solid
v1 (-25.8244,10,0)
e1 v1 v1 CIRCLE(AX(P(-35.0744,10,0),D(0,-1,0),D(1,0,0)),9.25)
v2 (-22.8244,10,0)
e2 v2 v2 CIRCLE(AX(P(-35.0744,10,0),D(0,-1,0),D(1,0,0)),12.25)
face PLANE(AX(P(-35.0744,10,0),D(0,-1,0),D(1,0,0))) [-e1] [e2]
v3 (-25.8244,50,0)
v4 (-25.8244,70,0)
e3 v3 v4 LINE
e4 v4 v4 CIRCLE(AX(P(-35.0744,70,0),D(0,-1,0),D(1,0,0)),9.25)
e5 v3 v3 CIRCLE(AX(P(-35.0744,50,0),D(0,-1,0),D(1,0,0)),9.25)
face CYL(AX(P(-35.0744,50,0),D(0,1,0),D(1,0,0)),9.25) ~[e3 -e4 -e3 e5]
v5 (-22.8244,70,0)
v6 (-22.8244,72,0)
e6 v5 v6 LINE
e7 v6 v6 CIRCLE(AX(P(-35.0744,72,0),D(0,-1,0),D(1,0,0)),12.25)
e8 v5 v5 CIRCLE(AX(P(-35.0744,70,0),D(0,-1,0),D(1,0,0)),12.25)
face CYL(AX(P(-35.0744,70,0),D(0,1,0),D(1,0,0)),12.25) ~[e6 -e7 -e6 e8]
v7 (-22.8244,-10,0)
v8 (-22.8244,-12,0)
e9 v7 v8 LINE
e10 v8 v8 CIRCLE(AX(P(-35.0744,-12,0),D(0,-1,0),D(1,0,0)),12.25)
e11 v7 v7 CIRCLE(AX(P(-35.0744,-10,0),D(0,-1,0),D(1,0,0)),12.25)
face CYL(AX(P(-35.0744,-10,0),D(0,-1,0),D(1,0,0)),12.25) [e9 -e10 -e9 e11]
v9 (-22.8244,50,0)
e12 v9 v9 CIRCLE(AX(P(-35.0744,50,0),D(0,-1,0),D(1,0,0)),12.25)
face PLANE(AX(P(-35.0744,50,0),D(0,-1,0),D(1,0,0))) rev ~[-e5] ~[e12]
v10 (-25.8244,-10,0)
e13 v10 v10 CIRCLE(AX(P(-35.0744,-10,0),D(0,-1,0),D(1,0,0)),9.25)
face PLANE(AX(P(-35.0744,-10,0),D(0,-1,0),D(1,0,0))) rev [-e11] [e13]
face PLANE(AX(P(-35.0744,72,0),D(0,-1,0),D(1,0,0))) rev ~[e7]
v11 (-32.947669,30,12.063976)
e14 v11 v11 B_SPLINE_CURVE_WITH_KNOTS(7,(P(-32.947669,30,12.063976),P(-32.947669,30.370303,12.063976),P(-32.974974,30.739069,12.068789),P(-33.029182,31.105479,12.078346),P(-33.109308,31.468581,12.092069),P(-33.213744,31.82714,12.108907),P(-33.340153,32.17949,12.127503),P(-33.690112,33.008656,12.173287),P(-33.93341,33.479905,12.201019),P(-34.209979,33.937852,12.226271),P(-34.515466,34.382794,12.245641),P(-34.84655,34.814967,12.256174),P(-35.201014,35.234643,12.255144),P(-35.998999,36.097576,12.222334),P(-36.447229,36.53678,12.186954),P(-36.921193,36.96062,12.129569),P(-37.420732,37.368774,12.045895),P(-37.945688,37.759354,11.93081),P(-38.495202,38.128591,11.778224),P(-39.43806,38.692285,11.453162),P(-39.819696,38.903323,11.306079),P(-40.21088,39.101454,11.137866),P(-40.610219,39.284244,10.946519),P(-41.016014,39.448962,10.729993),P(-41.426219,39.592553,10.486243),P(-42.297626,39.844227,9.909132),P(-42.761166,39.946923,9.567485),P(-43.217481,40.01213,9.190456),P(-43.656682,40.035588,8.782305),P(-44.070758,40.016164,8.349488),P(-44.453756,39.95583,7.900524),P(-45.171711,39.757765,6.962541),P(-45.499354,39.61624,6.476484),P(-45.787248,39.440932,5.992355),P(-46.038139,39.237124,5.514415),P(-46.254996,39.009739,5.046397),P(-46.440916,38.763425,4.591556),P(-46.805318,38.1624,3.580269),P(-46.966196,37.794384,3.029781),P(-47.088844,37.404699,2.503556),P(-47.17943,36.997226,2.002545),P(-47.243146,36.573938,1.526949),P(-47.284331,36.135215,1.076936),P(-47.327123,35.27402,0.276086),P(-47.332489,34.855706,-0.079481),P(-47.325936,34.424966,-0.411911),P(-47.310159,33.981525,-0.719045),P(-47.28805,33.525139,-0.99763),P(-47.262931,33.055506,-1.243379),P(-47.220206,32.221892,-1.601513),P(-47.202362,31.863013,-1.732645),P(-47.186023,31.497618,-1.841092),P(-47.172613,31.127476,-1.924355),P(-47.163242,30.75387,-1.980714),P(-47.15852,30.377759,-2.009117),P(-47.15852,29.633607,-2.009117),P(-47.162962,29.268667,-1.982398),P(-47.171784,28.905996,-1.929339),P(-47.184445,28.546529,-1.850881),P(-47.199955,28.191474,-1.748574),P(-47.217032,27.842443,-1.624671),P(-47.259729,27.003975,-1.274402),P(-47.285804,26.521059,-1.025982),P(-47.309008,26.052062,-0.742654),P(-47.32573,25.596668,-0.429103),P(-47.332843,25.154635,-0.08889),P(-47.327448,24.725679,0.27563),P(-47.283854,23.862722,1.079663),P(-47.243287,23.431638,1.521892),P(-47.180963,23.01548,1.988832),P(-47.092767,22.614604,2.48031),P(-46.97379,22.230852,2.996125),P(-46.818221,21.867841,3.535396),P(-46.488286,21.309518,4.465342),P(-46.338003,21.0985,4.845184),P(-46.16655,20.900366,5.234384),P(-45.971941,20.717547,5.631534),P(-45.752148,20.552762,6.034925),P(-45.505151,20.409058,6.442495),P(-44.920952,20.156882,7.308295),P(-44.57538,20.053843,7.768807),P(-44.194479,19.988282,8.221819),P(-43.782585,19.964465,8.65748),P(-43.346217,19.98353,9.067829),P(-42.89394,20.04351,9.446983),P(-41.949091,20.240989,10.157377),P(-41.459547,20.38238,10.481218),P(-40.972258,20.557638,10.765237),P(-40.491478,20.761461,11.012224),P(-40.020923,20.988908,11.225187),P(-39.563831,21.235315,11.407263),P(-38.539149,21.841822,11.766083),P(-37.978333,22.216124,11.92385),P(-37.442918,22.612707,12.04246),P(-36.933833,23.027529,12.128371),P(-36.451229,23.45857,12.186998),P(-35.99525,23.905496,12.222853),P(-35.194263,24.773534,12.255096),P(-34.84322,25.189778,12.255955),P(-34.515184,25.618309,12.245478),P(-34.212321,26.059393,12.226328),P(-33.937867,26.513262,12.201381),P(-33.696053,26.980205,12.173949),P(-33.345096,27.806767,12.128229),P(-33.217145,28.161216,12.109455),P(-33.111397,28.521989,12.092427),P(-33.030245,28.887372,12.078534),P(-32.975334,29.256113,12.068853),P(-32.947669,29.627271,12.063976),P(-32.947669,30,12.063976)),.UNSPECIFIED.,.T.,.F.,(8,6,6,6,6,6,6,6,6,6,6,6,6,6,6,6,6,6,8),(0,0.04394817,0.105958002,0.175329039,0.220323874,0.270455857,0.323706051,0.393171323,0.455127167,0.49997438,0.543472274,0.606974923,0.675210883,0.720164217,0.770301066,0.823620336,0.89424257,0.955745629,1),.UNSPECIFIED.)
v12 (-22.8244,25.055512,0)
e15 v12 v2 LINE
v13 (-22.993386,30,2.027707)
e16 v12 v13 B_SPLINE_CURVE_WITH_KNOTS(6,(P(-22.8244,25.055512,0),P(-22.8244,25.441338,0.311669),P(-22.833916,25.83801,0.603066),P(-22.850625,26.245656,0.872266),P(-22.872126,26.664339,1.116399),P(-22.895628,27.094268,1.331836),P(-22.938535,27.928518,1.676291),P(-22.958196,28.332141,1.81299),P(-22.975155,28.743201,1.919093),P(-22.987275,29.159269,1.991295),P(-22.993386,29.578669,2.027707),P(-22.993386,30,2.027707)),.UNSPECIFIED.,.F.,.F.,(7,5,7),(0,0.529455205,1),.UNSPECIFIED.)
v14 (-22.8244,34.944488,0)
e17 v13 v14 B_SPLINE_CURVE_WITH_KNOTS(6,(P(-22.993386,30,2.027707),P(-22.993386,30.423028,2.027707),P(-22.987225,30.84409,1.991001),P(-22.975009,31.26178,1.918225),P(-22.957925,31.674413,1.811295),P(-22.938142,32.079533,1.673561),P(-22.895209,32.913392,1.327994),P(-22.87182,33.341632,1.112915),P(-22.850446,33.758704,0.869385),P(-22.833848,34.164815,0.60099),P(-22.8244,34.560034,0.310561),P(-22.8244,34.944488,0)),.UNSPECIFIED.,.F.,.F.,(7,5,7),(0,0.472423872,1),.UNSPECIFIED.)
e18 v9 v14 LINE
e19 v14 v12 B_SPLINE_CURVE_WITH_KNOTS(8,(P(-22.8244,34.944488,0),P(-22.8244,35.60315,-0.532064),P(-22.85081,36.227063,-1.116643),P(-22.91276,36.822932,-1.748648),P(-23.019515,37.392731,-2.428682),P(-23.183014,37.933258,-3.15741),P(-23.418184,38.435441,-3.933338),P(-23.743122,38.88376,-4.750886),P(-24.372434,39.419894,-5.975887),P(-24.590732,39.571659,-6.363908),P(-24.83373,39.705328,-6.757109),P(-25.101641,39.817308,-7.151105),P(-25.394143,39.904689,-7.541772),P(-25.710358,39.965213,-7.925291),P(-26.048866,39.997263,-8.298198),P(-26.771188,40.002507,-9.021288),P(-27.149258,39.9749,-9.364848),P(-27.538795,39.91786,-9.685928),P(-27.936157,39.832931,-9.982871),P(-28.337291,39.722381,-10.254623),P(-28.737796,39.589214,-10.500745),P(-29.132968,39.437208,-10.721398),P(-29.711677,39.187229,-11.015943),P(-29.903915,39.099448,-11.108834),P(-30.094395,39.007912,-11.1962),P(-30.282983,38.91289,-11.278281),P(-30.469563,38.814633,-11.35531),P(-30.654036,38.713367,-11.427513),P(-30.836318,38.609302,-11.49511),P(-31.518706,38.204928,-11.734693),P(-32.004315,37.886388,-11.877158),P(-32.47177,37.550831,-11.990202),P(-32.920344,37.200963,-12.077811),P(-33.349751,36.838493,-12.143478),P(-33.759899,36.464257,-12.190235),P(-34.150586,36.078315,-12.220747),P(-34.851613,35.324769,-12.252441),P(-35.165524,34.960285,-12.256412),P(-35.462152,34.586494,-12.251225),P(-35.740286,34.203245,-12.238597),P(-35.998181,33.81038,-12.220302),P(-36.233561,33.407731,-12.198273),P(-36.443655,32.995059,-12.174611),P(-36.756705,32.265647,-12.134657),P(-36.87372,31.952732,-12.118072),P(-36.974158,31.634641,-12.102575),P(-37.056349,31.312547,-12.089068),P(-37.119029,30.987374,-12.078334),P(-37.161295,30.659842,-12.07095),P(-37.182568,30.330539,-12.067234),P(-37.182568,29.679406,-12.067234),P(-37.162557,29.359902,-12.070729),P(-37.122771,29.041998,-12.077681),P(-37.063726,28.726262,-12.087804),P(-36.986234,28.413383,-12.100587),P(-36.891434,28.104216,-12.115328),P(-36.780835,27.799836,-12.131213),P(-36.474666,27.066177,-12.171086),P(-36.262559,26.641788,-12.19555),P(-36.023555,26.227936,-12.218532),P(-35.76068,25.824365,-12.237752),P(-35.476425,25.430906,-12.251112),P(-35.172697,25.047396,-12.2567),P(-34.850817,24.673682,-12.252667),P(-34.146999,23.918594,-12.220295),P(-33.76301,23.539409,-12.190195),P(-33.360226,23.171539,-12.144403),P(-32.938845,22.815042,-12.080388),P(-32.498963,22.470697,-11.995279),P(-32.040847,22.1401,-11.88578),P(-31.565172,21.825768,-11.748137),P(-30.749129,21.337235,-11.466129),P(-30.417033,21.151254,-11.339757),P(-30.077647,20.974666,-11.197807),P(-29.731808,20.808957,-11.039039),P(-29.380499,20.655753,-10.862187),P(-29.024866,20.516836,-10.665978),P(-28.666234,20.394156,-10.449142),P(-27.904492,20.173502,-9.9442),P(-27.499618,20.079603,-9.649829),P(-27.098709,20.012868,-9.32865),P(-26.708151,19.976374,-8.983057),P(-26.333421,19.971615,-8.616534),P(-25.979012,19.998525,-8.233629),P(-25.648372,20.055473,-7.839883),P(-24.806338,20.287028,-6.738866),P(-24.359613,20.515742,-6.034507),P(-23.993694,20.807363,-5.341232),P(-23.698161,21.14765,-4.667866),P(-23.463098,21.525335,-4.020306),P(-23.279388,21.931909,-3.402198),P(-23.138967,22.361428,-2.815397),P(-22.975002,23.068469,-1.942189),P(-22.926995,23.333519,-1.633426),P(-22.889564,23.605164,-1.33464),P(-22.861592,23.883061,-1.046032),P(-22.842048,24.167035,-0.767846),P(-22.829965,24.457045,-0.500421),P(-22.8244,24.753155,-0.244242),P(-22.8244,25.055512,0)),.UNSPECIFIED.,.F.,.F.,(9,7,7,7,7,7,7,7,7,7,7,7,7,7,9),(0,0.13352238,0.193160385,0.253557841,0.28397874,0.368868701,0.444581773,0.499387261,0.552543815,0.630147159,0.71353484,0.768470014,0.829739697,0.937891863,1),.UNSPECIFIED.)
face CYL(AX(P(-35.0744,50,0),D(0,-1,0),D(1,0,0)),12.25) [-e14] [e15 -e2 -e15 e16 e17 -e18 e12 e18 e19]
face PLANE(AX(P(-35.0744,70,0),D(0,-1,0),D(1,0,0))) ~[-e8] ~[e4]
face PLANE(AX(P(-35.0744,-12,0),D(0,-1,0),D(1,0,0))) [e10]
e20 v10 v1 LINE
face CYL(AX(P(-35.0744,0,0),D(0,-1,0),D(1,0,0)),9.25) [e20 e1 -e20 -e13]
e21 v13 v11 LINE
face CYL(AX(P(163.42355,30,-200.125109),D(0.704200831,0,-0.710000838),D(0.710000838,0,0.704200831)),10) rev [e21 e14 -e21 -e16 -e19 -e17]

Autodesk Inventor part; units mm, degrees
ref_plane "YZ Plane" through (0, 0, 0) normal (1, 0, 0) x (0, 1, 0)
ref_plane "XZ Plane" through (0, 0, 0) normal (0, 1, 0) x (-1, 0, 0)
ref_plane "XY Plane" through (0, 0, 0) normal (0, 0, 1) x (1, 0, 0)
ref_plane "Work Plane1" through (0, 0, 0) normal (0, 0, 1) x (1, 0, 0)
sketch "Sketch1" plane through (0, 0, 0) normal (0, 0, 1) x (1, 0, 0)
  line L0 (-25.8244, 0) -> (-44.3244, 0) projected
  line L1 (-25.8244, 0) -> (-44.3244, 0) projected
  line L2 (-25.8244, 0) -> (-25.8244, -10)
  line L3 (-25.8244, -10) -> (-22.8244, -10)
  line L4 (-22.8244, -10) -> (-22.8244, -12)
  line L5 (-22.8244, -12) -> (-47.3244, -12)
  line L6 (-47.3244, -12) -> (-47.3244, -10)
  line L7 (-47.3244, -10) -> (-44.3244, -10)
  line L8 (-44.3244, -10) -> (-44.3244, 10)
  line L9 (-44.3244, 10) -> (-47.3244, 10)
  line L10 (-47.3244, 10) -> (-47.3244, 50)
  line L11 (-22.8244, 50) -> (-22.8244, 10)
  line L12 (-22.8244, 10) -> (-25.8244, 10)
  line L13 (-25.8244, 10) -> (-25.8244, 0)
  line L14 (-35.0744, 74.414) -> (-35.0744, -25.586)
  line L15 (-22.8244, 50) -> (-25.8244, 50)
  line L16 (-25.8244, 50) -> (-25.8244, 70)
  line L17 (-25.8244, 70) -> (-22.8244, 70)
  line L18 (-22.8244, 70) -> (-22.8244, 72)
  line L19 (-22.8244, 72) -> (-47.3244, 72)
  line L20 (-47.3244, 72) -> (-47.3244, 70)
  line L21 (-47.3244, 70) -> (-44.3244, 70)
  line L22 (-44.3244, 70) -> (-44.3244, 50)
  line L23 (-44.3244, 50) -> (-47.3244, 50)
  point P0 (0, 0)
  point P1 (-35.0744, 0)
  point P2 (-35.0744, -12)
  point P3 (-44.3244, 0)
  point P4 (-35.0744, 72)
  dimension "d0" = 3
  dimension "d1" = 10
  dimension "d2" = 2
  dimension "d3" = 24.5
  dimension "d4" = 2
  dimension "d5" = 3
  dimension "d6" = 20
  dimension "d8" = 40
  dimension "d18" = 24.5
  dimension "d22" = 100
revolve "Revolution1" add sketch "Sketch1" angle 360 about axis through (-35.0744, 74.414, 0) along (0, -1, 0) contours L2 L3 L4 L5 L14 L0 | L0 L14 L19 L18 L17 L16 L15 L11 L12 L13
ref_plane "Work Plane2" through (81.744, 30, -281.1346) normal (-0.7042, 0, 0.71) x (0.71, 0, 0.7042)
sketch "Sketch3" plane through (81.744, 30, -281.1346) normal (-0.7042, 0, 0.71) x (0.71, 0, 0.7042)
  line L0 (102.7895, 20) -> (127.2895, 20) projected
  line L1 (102.7895, -20) -> (127.2895, -20) projected
  line L2 (127.2895, 20) -> (102.7895, -20)
  circle A0 centre (115.0395, 0) radius 10
  point P0 (139.9419, -30)
  dimension "d26" = 20
extrude "Extrusion2" cut sketch "Sketch3" along normal blind 500
properties part number "nitR2"
